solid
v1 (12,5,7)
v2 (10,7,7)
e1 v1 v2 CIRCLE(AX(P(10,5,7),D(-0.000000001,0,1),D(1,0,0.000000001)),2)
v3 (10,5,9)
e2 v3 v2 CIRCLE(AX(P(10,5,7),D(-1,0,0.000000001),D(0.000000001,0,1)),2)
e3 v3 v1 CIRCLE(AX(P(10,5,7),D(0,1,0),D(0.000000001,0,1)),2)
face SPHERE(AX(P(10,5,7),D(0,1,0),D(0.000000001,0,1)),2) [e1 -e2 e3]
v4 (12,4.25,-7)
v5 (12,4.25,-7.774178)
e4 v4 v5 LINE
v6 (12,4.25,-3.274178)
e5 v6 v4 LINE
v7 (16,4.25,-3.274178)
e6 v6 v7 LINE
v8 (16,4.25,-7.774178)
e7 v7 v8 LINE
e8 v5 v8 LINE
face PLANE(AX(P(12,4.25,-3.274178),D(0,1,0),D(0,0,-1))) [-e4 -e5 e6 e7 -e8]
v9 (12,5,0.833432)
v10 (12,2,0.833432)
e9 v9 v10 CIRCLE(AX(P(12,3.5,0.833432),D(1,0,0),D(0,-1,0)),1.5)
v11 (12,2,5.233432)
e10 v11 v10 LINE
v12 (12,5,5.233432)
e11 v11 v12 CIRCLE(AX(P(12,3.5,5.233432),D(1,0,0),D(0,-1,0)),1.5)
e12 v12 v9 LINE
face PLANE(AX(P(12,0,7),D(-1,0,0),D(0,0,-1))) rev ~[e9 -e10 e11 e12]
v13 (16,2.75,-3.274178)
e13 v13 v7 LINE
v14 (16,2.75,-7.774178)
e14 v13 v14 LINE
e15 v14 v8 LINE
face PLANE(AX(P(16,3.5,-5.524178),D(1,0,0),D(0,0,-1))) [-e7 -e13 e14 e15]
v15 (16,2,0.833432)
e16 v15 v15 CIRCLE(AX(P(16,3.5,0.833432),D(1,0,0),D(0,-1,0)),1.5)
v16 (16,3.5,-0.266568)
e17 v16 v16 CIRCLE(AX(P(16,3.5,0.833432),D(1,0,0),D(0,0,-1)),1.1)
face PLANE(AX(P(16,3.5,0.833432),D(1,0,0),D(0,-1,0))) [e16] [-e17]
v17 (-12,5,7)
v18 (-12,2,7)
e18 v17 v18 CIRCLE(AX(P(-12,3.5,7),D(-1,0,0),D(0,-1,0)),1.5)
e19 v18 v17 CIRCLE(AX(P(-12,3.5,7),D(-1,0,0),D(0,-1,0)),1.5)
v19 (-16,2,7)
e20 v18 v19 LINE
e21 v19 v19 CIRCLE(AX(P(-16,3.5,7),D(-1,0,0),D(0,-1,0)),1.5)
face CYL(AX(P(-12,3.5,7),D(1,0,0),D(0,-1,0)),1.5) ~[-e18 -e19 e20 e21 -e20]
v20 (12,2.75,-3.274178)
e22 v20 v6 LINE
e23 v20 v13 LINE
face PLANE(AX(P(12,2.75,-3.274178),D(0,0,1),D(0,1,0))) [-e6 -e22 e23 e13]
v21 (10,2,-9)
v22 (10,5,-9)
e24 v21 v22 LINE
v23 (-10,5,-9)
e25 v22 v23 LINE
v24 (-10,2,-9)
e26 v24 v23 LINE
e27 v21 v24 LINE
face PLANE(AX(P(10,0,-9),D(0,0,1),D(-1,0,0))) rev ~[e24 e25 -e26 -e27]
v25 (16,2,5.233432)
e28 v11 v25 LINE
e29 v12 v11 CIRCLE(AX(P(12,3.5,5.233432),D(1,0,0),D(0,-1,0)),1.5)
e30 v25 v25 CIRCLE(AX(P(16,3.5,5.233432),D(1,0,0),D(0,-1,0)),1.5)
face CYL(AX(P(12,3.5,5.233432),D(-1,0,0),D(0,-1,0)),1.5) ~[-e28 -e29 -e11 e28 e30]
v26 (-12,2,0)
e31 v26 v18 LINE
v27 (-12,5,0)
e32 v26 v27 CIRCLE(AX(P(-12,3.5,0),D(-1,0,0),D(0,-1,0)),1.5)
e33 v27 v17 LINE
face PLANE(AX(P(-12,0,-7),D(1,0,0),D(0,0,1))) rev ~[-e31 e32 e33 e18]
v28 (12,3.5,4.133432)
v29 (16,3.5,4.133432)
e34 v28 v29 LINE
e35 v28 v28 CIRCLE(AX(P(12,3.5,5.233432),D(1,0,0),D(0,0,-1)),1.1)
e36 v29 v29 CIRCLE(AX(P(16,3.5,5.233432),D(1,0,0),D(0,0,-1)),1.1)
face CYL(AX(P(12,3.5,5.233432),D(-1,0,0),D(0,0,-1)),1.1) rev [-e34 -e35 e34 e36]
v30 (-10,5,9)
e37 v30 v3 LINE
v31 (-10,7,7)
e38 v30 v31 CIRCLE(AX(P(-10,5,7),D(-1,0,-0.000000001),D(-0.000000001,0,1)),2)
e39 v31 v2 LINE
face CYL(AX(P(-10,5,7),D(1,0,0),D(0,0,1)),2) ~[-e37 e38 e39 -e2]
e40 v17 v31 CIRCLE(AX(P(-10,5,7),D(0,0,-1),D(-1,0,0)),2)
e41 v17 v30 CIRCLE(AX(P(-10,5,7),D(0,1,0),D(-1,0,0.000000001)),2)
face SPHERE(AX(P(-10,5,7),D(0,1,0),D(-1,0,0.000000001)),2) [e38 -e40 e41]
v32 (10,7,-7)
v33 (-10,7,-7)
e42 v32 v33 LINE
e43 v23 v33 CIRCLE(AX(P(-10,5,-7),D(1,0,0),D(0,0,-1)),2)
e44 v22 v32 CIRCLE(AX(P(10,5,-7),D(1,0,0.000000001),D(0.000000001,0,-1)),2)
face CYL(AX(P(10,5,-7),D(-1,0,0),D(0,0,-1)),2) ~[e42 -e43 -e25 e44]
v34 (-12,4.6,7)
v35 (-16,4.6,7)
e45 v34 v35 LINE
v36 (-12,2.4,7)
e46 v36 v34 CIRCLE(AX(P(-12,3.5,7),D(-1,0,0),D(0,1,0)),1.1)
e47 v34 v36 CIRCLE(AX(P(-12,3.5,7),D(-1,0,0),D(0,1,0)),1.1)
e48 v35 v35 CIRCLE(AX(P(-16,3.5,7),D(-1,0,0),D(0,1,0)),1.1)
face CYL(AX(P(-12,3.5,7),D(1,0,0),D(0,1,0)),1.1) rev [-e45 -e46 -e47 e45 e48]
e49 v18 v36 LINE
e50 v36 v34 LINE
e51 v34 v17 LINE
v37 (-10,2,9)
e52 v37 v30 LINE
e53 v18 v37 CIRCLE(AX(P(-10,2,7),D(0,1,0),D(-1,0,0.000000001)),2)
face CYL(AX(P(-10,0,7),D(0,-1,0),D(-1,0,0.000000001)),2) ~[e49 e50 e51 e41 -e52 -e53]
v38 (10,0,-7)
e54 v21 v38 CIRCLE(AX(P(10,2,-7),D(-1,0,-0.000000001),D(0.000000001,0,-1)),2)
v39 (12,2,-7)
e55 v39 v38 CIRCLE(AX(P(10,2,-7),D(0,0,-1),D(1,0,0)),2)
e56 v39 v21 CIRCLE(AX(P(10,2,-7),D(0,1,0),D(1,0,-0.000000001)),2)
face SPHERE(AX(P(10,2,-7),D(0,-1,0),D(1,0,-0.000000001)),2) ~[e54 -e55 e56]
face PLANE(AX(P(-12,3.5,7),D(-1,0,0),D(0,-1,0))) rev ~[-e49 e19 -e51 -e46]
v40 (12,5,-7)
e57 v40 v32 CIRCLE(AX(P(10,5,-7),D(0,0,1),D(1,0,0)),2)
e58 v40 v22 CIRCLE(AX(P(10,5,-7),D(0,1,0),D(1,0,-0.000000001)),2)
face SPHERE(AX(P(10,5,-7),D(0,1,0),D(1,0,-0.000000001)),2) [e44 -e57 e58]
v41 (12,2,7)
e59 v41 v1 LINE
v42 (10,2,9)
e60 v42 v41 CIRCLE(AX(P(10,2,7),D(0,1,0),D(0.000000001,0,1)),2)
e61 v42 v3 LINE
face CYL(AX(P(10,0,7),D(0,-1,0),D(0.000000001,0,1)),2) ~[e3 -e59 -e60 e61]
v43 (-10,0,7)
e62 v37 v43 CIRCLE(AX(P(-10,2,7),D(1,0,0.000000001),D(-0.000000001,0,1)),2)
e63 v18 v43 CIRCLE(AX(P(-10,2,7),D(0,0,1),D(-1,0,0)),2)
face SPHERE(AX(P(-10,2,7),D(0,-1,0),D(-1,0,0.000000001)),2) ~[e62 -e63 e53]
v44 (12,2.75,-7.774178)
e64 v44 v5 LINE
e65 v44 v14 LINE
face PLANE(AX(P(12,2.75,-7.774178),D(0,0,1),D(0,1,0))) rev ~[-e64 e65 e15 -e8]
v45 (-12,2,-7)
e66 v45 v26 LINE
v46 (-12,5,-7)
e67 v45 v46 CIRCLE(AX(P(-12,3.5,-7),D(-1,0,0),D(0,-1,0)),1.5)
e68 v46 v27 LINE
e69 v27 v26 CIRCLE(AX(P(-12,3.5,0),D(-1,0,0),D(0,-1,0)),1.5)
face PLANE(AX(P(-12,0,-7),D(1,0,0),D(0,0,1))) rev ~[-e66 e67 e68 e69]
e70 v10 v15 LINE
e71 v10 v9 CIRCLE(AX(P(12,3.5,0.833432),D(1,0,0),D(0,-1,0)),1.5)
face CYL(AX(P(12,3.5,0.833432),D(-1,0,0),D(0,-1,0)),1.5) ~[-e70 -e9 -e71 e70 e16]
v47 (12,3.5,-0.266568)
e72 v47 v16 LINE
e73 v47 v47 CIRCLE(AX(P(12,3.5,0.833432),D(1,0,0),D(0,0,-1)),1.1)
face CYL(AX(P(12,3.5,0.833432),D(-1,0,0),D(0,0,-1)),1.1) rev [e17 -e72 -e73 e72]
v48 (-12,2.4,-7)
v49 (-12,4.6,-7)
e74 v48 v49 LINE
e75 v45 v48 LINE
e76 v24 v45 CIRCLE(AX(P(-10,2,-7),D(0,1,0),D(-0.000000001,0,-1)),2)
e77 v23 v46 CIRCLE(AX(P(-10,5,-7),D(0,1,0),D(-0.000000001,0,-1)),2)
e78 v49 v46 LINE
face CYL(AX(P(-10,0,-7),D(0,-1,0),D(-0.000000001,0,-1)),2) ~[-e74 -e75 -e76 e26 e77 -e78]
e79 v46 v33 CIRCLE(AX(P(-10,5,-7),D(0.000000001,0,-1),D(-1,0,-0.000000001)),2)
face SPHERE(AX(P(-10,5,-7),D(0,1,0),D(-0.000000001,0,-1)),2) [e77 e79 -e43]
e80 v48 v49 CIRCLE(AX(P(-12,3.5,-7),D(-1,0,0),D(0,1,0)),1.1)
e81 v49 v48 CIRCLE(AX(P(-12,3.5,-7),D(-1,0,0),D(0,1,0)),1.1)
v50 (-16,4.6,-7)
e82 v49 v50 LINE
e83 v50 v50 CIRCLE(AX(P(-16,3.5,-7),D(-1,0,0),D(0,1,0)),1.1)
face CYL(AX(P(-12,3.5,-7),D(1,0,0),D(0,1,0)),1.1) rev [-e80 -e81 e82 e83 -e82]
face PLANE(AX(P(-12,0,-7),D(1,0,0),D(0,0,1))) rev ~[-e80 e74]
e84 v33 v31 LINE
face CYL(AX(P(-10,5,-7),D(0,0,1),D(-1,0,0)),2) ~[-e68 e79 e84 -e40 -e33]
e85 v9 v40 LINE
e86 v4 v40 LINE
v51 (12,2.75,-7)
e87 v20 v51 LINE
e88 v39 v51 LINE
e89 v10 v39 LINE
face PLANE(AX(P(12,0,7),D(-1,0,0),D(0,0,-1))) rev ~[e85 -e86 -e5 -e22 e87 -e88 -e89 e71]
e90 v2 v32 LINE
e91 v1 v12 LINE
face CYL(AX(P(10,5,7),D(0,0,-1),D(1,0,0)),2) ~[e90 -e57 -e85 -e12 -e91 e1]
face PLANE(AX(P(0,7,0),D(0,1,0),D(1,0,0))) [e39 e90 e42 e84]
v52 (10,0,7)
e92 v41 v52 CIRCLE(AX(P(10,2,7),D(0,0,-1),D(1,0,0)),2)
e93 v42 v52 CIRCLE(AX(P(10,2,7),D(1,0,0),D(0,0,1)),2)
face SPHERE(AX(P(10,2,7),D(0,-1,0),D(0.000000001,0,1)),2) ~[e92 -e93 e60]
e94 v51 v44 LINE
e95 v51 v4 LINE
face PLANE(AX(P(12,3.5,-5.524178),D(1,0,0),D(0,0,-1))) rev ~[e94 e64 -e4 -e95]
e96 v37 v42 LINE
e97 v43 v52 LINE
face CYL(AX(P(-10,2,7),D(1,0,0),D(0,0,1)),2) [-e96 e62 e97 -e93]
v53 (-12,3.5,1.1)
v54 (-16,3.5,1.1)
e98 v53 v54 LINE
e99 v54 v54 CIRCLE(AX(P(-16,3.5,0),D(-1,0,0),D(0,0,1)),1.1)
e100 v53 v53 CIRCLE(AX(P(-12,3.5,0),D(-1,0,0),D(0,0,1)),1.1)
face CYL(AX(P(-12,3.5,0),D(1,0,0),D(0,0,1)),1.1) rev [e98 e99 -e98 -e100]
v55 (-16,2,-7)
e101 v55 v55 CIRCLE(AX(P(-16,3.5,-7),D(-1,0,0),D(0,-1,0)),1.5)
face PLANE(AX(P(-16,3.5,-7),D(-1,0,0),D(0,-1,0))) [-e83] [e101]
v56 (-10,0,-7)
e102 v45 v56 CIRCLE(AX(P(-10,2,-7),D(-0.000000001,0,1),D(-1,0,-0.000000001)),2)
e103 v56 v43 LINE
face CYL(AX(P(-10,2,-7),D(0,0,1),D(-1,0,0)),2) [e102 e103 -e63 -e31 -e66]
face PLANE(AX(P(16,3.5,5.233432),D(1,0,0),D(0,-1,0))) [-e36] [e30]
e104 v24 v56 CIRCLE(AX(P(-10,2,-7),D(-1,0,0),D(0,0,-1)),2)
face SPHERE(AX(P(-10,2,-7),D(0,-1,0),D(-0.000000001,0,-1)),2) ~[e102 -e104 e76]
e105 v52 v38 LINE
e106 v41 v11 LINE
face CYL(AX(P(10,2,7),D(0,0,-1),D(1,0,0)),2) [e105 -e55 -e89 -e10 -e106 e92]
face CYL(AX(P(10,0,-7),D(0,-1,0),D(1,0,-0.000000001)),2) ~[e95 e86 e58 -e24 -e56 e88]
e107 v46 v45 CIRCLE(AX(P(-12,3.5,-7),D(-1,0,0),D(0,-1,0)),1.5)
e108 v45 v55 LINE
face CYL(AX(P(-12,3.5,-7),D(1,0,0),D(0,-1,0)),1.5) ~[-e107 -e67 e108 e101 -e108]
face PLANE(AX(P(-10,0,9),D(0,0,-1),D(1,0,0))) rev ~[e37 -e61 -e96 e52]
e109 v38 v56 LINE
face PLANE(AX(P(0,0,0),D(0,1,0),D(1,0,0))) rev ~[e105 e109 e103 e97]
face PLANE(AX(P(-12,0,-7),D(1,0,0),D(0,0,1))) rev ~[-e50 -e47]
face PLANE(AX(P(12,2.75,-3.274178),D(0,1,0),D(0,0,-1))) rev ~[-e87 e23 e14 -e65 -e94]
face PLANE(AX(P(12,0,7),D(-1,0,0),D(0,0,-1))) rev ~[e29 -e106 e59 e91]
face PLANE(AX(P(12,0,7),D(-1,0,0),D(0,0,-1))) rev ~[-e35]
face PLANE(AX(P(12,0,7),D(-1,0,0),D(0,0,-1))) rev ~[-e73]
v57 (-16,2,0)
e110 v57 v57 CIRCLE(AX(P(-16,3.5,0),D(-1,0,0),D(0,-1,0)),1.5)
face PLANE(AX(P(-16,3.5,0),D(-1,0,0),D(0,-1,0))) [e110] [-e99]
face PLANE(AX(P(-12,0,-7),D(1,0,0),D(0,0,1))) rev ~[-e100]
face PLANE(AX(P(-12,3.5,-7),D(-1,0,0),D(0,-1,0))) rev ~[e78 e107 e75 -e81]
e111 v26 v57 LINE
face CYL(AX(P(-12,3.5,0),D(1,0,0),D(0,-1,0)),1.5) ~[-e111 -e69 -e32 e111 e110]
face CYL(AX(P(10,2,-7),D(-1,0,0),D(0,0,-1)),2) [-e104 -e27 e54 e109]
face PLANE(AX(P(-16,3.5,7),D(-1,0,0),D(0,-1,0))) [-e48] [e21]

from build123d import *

# Parameters (mm, degrees)
BOSS_EXTRUDE1_DEPTH = 7
FILLET1_R           = 2
SKETCH2_R           = 1.5
SKETCH2_R_2         = 1.1
BOSS_EXTRUDE2_DEPTH = 4
SKETCH3_R           = 1.5
SKETCH3_R_2         = 1.1
SKETCH3_W           = 4.5
SKETCH3_H           = 1.5
BOSS_EXTRUDE3_DEPTH = 4


with BuildPart() as part:
    # Sketch1 → Boss-Extrude1 (new body)
    with BuildSketch(Plane(origin=(0, 0, 0), x_dir=(1, 0, 0), z_dir=(0, 1, 0))):
        with BuildLine():
            Line((10, 9), (-10, 9))
            ThreePointArc((-10, 9), (-11.414213562, 8.414213562), (-12, 7))
            Line((-12, 7), (-12, -7))
            ThreePointArc((-12, -7), (-11.414213562, -8.414213562), (-10, -9))
            Line((-10, -9), (10, -9))
            ThreePointArc((10, -9), (11.414213562, -8.414213562), (12, -7))
            Line((12, -7), (12, 7))
            ThreePointArc((12, 7), (11.414213562, 8.414213562), (10, 9))
        make_face()
    extrude(amount=BOSS_EXTRUDE1_DEPTH)

    # Fillet1
    fillet1_edges = [part.edges().sort_by_distance(p)[0] for p in [
        (12, 0, 0),
        (11.414213562, 0, 8.414213562),
        (0, 0, 9),
        (-11.414213562, 0, 8.414213562),
        (11.414213562, 7, 8.414213562),
        (12, 7, 0),
        (11.414213562, 7, -8.414213562),
        (0, 7, -9),
        (-11.414213562, 7, -8.414213562),
        (-12, 7, 0),
        (-11.414213562, 7, 8.414213562),
        (-12, 0, 0),
        (0, 7, 9),
        (-11.414213562, 0, -8.414213562),
        (0, 0, -9),
        (11.414213562, 0, -8.414213562),
    ]]
    fillet(fillet1_edges, radius=FILLET1_R)

    # Sketch2 → Boss-Extrude2 (add)
    # profile 1 of 3: a face of its own
    with BuildSketch(Plane.ZY.offset(12)):
        with Locations(Location((0, 3.5, 0), (0, 0, 270))):
            Circle(SKETCH2_R)
        with Locations((0, 3.5)):
            Circle(SKETCH2_R_2, mode=Mode.SUBTRACT)
    # profile 2 of 3: a face of its own
    with BuildSketch(Plane.ZY.offset(12)):
        with Locations(Location((7, 3.5, 0), (0, 0, 270))):
            Circle(SKETCH2_R)
        with Locations(Location((7, 3.5, 0), (0, 0, 90))):
            Circle(SKETCH2_R_2, mode=Mode.SUBTRACT)
    # profile 3 of 3: a face of its own
    with BuildSketch(Plane.ZY.offset(12)):
        with Locations(Location((-7, 3.5, 0), (0, 0, 270))):
            Circle(SKETCH2_R)
        with Locations(Location((-7, 3.5, 0), (0, 0, 90))):
            Circle(SKETCH2_R_2, mode=Mode.SUBTRACT)
    extrude(amount=BOSS_EXTRUDE2_DEPTH)

    # Sketch3 → Boss-Extrude3 (add)
    # profile 1 of 3: a face of its own
    with BuildSketch(Plane(origin=(12, 0, 0), x_dir=(0, 0, -1), z_dir=(1, 0, 0))):
        with Locations(Location((-5.233431742, 3.5, 0), (0, 0, 270))):
            Circle(SKETCH3_R)
        with Locations((-5.233431742, 3.5)):
            Circle(SKETCH3_R_2, mode=Mode.SUBTRACT)
    # profile 2 of 3: a face of its own
    with BuildSketch(Plane(origin=(12, 0, 0), x_dir=(0, 0, -1), z_dir=(1, 0, 0))):
        with Locations(Location((-0.833431742, 3.5, 0), (0, 0, 270))):
            Circle(SKETCH3_R)
        with Locations((-0.833431742, 3.5)):
            Circle(SKETCH3_R_2, mode=Mode.SUBTRACT)
    # profile 3 of 3: a face of its own
    with BuildSketch(Plane(origin=(12, 0, 0), x_dir=(0, 0, -1), z_dir=(1, 0, 0))):
        with Locations((5.52417795, 3.5)):
            Rectangle(SKETCH3_W, SKETCH3_H)
    extrude(amount=BOSS_EXTRUDE3_DEPTH)


solid = part.part
